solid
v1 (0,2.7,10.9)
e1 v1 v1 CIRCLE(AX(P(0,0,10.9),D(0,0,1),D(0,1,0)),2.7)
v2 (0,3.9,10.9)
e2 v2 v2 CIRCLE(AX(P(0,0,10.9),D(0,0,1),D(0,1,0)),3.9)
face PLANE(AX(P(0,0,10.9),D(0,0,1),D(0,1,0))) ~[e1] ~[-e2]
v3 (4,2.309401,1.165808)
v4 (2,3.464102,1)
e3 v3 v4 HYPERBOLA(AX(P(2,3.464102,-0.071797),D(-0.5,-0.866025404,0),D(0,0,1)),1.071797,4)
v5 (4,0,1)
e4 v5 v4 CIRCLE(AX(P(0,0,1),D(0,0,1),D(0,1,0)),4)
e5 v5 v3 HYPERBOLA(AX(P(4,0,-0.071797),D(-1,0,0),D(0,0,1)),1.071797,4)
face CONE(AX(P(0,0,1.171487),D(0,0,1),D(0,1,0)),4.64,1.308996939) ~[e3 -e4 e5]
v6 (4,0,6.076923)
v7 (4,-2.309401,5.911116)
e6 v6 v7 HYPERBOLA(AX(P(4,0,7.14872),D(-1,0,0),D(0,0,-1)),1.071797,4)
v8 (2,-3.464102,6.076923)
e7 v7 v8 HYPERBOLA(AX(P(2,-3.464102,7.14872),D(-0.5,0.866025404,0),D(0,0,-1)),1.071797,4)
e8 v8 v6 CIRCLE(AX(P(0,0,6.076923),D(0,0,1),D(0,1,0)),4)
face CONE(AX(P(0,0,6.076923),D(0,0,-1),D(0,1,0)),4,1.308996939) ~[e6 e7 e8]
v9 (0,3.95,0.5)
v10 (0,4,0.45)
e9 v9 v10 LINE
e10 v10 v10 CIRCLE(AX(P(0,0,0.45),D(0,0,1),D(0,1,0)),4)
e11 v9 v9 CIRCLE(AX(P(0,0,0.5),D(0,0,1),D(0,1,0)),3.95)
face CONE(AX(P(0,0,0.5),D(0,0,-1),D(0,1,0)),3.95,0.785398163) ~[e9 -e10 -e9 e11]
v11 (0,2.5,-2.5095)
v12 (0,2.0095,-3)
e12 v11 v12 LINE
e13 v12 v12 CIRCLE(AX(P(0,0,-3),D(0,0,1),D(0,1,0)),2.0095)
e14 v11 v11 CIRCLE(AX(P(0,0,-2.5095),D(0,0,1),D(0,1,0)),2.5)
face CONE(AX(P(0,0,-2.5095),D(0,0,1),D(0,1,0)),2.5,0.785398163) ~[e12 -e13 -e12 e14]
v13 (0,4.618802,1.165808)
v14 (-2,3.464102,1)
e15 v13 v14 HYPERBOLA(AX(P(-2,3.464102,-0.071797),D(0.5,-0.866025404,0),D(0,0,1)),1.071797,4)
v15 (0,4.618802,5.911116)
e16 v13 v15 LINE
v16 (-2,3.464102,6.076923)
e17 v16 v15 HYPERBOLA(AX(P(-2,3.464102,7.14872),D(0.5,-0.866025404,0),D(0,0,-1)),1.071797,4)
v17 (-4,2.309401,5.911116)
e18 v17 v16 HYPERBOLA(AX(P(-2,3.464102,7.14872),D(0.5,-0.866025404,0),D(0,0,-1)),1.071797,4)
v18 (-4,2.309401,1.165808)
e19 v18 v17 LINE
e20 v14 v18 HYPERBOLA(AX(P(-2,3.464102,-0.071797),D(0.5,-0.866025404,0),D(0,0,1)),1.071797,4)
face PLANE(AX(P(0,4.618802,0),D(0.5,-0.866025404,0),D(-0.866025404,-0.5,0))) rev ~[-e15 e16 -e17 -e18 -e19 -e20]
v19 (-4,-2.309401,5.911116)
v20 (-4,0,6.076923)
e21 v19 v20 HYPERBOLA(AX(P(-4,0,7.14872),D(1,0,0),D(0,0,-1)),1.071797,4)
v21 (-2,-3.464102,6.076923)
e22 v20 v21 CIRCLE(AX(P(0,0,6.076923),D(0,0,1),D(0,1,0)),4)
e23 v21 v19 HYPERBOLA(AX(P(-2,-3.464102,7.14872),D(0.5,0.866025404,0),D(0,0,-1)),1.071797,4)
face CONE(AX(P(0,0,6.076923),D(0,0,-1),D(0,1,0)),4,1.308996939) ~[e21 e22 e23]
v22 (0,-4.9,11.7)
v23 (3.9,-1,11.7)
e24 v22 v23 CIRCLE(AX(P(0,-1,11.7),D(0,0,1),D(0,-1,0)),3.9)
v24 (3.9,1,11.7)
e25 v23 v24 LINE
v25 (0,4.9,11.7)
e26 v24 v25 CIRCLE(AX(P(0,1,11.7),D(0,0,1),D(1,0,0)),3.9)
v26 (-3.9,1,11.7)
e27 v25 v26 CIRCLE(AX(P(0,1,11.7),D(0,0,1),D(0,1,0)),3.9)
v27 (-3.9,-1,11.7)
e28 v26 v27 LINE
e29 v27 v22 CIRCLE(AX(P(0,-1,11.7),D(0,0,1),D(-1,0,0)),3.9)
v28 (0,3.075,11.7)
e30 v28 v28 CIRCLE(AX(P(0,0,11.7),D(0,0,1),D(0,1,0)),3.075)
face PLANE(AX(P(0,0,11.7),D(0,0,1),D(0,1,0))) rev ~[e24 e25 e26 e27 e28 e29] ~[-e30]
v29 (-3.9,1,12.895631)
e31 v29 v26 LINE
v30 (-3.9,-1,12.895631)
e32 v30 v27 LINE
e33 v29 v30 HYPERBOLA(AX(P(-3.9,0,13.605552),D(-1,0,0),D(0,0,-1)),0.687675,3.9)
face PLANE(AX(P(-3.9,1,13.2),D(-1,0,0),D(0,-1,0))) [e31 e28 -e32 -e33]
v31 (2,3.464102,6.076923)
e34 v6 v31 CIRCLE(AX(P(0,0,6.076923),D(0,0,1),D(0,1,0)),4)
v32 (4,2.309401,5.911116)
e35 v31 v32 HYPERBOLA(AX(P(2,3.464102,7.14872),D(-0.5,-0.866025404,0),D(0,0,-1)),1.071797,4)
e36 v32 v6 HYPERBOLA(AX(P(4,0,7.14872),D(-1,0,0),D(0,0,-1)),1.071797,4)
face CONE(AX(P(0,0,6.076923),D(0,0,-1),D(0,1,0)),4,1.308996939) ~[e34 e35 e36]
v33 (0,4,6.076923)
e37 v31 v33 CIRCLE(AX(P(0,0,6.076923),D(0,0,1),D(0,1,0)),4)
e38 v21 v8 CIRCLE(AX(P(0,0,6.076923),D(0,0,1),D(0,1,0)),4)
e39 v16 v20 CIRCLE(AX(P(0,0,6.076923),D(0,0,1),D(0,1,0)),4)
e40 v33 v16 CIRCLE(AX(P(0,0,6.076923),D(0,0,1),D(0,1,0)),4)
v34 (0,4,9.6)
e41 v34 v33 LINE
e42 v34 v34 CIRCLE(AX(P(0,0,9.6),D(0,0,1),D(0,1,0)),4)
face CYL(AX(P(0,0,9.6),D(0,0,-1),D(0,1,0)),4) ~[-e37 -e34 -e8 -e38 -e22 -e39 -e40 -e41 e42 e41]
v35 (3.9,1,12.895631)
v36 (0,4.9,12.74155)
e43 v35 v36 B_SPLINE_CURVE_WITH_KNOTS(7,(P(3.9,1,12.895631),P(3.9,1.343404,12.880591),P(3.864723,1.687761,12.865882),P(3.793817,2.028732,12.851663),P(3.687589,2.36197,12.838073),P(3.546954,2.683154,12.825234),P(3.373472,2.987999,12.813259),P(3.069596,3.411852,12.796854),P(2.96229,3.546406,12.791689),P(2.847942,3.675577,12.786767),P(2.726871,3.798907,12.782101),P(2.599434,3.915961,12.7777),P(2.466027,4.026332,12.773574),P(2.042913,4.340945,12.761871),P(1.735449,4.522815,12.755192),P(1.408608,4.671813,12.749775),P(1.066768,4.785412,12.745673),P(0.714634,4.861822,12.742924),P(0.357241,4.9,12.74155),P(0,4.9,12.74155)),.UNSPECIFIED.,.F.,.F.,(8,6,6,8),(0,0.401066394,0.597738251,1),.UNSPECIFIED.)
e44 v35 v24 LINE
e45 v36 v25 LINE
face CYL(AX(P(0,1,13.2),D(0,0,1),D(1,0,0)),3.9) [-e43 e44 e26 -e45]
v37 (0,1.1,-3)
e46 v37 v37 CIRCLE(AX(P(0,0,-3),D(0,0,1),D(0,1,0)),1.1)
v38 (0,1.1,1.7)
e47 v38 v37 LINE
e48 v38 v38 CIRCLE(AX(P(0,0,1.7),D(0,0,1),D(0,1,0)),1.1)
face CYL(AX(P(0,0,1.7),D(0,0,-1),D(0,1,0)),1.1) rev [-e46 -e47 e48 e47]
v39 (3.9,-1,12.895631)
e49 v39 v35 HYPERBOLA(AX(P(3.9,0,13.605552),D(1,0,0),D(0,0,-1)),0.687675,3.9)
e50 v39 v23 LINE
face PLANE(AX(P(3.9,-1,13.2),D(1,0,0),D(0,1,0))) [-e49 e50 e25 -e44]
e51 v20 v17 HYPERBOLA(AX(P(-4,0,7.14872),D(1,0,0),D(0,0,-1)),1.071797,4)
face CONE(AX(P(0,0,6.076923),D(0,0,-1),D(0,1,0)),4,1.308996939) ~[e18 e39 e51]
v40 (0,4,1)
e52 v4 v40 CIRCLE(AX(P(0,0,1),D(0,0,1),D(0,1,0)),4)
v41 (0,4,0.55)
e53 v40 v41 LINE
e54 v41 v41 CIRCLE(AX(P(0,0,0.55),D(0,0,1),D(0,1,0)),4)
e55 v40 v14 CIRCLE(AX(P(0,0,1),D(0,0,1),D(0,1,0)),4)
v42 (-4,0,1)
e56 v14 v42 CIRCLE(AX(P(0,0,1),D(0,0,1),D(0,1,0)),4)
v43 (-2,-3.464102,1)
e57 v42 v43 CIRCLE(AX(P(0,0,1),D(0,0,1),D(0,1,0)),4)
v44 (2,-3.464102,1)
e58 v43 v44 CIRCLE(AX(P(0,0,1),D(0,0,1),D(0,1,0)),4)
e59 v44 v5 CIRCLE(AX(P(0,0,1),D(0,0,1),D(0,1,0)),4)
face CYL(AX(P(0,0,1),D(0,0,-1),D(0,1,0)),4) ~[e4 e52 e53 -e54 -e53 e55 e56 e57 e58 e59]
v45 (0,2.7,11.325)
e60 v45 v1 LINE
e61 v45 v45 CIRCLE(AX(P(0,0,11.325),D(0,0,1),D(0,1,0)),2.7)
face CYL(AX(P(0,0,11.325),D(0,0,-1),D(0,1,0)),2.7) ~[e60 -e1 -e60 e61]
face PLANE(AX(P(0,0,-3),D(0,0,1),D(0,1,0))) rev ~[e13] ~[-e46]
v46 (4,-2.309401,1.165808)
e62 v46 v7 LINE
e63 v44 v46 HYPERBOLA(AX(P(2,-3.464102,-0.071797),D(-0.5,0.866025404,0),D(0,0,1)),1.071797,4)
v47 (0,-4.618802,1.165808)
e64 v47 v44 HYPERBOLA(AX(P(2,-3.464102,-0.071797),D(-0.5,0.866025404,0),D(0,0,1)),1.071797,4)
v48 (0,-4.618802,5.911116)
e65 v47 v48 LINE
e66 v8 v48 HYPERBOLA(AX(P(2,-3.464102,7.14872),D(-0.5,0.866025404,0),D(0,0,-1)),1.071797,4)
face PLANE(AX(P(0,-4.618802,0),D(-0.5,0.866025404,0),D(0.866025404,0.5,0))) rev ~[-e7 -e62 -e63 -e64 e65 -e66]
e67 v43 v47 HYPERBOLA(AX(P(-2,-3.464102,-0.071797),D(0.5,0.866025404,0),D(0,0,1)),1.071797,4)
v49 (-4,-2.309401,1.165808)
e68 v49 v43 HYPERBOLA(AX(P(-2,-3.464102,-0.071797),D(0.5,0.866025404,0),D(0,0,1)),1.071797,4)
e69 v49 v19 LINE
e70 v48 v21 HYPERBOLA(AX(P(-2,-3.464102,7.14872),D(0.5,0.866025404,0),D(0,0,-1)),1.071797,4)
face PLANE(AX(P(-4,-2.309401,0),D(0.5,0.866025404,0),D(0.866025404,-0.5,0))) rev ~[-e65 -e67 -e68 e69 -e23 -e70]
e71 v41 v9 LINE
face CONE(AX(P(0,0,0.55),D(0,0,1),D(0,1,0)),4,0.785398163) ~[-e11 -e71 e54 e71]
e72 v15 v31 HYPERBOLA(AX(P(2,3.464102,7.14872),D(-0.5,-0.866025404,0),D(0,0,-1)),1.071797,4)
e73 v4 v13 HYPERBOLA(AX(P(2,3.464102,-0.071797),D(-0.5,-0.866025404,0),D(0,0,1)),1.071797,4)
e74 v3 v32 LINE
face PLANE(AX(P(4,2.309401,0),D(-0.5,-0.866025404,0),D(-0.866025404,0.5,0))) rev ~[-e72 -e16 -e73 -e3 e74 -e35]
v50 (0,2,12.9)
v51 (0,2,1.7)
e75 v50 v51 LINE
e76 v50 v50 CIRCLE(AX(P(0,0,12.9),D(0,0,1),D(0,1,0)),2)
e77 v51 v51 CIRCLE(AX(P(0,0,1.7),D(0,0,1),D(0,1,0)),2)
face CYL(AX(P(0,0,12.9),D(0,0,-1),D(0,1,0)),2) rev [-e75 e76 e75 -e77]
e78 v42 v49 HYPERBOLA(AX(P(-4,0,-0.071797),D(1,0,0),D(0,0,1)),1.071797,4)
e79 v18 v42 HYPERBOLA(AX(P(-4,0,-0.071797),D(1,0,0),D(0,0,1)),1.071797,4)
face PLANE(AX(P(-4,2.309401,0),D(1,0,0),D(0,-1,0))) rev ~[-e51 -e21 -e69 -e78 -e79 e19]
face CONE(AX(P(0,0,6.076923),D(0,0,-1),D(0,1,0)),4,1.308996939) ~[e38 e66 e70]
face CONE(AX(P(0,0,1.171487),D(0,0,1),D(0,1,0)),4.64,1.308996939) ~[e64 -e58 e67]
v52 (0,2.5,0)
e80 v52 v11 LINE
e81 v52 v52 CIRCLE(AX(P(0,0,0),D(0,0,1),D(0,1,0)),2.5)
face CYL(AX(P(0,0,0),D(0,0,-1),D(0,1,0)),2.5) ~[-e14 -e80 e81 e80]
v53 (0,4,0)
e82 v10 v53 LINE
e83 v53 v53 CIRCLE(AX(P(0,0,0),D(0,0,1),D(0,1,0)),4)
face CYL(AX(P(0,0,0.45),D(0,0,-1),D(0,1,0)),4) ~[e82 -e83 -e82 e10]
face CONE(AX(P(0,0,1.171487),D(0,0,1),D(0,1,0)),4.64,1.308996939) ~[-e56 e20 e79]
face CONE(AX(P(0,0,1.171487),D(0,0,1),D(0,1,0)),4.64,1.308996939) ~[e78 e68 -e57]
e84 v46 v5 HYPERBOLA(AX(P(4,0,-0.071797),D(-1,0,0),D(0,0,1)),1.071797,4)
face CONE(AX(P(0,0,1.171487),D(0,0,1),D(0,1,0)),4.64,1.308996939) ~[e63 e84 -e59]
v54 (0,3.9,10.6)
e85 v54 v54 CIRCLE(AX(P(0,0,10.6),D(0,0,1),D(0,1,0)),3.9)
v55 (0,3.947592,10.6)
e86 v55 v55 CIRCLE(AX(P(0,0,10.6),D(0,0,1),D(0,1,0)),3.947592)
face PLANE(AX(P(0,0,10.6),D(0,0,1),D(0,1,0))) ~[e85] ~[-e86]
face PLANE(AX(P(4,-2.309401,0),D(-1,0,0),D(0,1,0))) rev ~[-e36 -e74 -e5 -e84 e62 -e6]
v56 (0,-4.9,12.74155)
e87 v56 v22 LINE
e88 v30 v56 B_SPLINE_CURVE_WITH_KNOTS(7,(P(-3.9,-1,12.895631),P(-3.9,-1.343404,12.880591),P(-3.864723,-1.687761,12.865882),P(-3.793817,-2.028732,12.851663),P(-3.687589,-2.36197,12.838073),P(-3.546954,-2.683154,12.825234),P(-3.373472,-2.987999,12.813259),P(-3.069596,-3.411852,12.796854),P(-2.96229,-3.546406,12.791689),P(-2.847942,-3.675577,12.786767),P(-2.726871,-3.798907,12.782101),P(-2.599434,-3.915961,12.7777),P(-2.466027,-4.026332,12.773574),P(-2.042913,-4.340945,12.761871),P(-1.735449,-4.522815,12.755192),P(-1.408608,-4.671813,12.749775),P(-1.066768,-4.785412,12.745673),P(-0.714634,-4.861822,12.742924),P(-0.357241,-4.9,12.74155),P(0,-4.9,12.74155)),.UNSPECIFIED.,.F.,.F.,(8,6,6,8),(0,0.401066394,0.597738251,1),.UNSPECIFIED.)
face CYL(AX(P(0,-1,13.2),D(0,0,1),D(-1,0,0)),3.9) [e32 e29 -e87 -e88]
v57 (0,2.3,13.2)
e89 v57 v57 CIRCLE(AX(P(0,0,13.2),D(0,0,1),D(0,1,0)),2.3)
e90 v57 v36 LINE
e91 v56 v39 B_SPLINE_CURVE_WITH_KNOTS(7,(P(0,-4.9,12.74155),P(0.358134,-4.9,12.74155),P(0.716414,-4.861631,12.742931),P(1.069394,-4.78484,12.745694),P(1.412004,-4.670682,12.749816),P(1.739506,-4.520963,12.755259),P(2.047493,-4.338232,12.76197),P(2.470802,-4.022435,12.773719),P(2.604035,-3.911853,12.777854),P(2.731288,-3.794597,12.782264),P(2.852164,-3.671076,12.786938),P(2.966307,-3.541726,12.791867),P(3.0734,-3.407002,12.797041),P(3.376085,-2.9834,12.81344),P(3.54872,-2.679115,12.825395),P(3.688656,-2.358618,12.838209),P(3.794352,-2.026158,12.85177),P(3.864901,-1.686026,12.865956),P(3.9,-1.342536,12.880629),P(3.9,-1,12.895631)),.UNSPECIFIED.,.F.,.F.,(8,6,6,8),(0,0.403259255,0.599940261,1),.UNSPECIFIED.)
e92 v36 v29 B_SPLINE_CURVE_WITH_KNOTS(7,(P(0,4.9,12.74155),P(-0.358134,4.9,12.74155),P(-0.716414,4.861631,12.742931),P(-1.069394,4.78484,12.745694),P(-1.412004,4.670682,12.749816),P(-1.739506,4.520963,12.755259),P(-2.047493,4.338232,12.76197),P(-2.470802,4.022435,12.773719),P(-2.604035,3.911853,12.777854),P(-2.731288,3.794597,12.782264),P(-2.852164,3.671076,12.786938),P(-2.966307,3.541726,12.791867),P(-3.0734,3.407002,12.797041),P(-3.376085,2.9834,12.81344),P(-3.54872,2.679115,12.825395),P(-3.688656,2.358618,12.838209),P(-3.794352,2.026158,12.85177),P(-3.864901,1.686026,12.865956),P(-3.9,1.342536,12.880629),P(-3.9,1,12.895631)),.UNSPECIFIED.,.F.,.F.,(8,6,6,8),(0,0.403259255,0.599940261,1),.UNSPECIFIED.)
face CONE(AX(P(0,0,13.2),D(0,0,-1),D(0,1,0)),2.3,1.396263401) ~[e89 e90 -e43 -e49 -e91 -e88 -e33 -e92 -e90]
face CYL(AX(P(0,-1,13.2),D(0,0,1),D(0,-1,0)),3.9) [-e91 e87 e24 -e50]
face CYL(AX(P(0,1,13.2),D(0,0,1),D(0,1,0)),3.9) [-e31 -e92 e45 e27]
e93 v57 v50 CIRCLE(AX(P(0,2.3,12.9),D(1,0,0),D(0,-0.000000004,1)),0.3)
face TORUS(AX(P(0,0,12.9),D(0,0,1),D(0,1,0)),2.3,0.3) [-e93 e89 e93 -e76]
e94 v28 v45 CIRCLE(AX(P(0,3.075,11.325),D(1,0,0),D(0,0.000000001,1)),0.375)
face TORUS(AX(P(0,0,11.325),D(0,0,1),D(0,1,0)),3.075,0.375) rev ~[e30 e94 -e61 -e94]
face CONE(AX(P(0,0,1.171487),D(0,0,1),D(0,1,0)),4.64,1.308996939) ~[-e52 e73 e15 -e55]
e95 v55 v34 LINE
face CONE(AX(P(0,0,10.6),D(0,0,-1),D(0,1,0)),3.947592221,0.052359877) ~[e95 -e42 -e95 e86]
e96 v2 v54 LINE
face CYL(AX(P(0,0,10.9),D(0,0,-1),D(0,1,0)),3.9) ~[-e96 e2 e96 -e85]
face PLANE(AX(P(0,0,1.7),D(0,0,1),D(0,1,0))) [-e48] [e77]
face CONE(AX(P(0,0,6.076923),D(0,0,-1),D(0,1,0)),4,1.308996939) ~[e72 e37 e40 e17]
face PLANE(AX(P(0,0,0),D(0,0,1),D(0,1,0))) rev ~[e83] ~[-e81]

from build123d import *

# Parameters (mm, degrees)
CUT_EXTRUDE1_DEPTH = 1.5
SKETCH3_W          = 16
SKETCH3_H          = 16
CUT_EXTRUDE2_DEPTH = 7.7


with BuildPart() as part:
    # Sketch1 → Revolve1 (revolve)
    with BuildSketch(Plane(origin=(0, 0, 0), x_dir=(0, 0, -1), z_dir=(1, 0, 0))):
        with BuildLine():
            Line((-13.2, 0), (-13.2, 2.3))
            Line((-13.2, 2.3), (-12.735426078, 4.934729636))
            ThreePointArc((-12.735426078, 4.934729636), (-12.66702205, 5.053208889), (-12.538464528, 5.1))
            Line((-12.538464528, 5.1), (-11.7, 5.1))
            Line((-11.7, 5.1), (-11.7, 3.075))
            ThreePointArc((-11.7, 3.075), (-11.590165043, 2.809834957), (-11.325, 2.7))
            Line((-11.325, 2.7), (-10.9, 2.7))
            Line((-10.9, 2.7), (-10.9, 3.9))
            Line((-10.9, 3.9), (-10.6, 3.9))
            Line((-10.6, 3.9), (-10.6, 3.947592221))
            Line((-10.6, 3.947592221), (-9.6, 4))
            Line((-9.6, 4), (-6.076923077, 4))
            Line((-6.076923077, 4), (-5.905435594, 4.64))
            Line((-5.905435594, 4.64), (-1.171487483, 4.64))
            Line((-1.171487483, 4.64), (-1, 4))
            Line((-1, 4), (-0.55, 4))
            Line((-0.55, 4), (-0.5, 3.95))
            Line((-0.5, 3.95), (-0.45, 4))
            Line((-0.45, 4), (0, 4))
            Line((0, 4), (0, 0))
            Line((0, 0), (-13.2, 0))
        make_face()
    revolve(axis=Axis((0, 0, 0), (0, 0, 1)))

    # Sketch2 → Cut-Extrude1 (cut)
    with BuildSketch(Plane.XY.offset(13.2)):
        Polygon((-5.88, -3.394819583), (0, -6.789639166), (5.88, -3.394819583), (5.88, 3.394819583), (0, 6.789639166), (-5.88, 3.394819583), align=None)
        with BuildLine():
            Line((-3.9, 1), (-3.9, -1))
            ThreePointArc((-3.9, -1), (-2.757716447, -3.757716447), (0, -4.9))
            ThreePointArc((0, -4.9), (2.757716447, -3.757716447), (3.9, -1))
            Line((3.9, -1), (3.9, 1))
            ThreePointArc((3.9, 1), (2.757716447, 3.757716447), (0, 4.9))
            ThreePointArc((0, 4.9), (-2.757716447, 3.757716447), (-3.9, 1))
        make_face(mode=Mode.SUBTRACT)
    extrude(amount=-CUT_EXTRUDE1_DEPTH, mode=Mode.SUBTRACT)

    # Sketch3 → Cut-Extrude2 (cut)
    with BuildSketch(Plane.XY):
        Rectangle(SKETCH3_W, SKETCH3_H)
        Polygon((-4, -2.309401077), (0, -4.618802154), (4, -2.309401077), (4, 2.309401077), (0, 4.618802154), (-4, 2.309401077), align=None, mode=Mode.SUBTRACT)
    extrude(amount=CUT_EXTRUDE2_DEPTH, mode=Mode.SUBTRACT)

    # Sketch4 → Revolve2 (revolve)
    with BuildSketch(Plane(origin=(0, 0, 0), x_dir=(0, 0, -1), z_dir=(1, 0, 0))):
        Polygon((0, 0), (0, 2.5), (2.5095, 2.5), (3, 2.0095), (3, 0), align=None)
    revolve(axis=Axis((0, 0, -3), (0, 0, 1)))

    # Sketch5 → Cut-Revolve1 (revolve, cut)
    with BuildSketch(Plane(origin=(0, 0, 0), x_dir=(0, 0, -1), z_dir=(1, 0, 0))):
        with BuildLine():
            Line((-13.2, 0), (-13.2, 2.3))
            ThreePointArc((-13.2, 2.3), (-13.112132034, 2.087867966), (-12.9, 2))
            Line((-12.9, 2), (-1.7, 2))
            Line((-1.7, 2), (-1.7, 1.1))
            Line((-1.7, 1.1), (3, 1.1))
            Line((3, 1.1), (3, 0))
            Line((3, 0), (-13.2, 0))
        make_face()
    revolve(axis=Axis((0, 0, -3), (0, 0, 1)), mode=Mode.SUBTRACT)


solid = part.part
